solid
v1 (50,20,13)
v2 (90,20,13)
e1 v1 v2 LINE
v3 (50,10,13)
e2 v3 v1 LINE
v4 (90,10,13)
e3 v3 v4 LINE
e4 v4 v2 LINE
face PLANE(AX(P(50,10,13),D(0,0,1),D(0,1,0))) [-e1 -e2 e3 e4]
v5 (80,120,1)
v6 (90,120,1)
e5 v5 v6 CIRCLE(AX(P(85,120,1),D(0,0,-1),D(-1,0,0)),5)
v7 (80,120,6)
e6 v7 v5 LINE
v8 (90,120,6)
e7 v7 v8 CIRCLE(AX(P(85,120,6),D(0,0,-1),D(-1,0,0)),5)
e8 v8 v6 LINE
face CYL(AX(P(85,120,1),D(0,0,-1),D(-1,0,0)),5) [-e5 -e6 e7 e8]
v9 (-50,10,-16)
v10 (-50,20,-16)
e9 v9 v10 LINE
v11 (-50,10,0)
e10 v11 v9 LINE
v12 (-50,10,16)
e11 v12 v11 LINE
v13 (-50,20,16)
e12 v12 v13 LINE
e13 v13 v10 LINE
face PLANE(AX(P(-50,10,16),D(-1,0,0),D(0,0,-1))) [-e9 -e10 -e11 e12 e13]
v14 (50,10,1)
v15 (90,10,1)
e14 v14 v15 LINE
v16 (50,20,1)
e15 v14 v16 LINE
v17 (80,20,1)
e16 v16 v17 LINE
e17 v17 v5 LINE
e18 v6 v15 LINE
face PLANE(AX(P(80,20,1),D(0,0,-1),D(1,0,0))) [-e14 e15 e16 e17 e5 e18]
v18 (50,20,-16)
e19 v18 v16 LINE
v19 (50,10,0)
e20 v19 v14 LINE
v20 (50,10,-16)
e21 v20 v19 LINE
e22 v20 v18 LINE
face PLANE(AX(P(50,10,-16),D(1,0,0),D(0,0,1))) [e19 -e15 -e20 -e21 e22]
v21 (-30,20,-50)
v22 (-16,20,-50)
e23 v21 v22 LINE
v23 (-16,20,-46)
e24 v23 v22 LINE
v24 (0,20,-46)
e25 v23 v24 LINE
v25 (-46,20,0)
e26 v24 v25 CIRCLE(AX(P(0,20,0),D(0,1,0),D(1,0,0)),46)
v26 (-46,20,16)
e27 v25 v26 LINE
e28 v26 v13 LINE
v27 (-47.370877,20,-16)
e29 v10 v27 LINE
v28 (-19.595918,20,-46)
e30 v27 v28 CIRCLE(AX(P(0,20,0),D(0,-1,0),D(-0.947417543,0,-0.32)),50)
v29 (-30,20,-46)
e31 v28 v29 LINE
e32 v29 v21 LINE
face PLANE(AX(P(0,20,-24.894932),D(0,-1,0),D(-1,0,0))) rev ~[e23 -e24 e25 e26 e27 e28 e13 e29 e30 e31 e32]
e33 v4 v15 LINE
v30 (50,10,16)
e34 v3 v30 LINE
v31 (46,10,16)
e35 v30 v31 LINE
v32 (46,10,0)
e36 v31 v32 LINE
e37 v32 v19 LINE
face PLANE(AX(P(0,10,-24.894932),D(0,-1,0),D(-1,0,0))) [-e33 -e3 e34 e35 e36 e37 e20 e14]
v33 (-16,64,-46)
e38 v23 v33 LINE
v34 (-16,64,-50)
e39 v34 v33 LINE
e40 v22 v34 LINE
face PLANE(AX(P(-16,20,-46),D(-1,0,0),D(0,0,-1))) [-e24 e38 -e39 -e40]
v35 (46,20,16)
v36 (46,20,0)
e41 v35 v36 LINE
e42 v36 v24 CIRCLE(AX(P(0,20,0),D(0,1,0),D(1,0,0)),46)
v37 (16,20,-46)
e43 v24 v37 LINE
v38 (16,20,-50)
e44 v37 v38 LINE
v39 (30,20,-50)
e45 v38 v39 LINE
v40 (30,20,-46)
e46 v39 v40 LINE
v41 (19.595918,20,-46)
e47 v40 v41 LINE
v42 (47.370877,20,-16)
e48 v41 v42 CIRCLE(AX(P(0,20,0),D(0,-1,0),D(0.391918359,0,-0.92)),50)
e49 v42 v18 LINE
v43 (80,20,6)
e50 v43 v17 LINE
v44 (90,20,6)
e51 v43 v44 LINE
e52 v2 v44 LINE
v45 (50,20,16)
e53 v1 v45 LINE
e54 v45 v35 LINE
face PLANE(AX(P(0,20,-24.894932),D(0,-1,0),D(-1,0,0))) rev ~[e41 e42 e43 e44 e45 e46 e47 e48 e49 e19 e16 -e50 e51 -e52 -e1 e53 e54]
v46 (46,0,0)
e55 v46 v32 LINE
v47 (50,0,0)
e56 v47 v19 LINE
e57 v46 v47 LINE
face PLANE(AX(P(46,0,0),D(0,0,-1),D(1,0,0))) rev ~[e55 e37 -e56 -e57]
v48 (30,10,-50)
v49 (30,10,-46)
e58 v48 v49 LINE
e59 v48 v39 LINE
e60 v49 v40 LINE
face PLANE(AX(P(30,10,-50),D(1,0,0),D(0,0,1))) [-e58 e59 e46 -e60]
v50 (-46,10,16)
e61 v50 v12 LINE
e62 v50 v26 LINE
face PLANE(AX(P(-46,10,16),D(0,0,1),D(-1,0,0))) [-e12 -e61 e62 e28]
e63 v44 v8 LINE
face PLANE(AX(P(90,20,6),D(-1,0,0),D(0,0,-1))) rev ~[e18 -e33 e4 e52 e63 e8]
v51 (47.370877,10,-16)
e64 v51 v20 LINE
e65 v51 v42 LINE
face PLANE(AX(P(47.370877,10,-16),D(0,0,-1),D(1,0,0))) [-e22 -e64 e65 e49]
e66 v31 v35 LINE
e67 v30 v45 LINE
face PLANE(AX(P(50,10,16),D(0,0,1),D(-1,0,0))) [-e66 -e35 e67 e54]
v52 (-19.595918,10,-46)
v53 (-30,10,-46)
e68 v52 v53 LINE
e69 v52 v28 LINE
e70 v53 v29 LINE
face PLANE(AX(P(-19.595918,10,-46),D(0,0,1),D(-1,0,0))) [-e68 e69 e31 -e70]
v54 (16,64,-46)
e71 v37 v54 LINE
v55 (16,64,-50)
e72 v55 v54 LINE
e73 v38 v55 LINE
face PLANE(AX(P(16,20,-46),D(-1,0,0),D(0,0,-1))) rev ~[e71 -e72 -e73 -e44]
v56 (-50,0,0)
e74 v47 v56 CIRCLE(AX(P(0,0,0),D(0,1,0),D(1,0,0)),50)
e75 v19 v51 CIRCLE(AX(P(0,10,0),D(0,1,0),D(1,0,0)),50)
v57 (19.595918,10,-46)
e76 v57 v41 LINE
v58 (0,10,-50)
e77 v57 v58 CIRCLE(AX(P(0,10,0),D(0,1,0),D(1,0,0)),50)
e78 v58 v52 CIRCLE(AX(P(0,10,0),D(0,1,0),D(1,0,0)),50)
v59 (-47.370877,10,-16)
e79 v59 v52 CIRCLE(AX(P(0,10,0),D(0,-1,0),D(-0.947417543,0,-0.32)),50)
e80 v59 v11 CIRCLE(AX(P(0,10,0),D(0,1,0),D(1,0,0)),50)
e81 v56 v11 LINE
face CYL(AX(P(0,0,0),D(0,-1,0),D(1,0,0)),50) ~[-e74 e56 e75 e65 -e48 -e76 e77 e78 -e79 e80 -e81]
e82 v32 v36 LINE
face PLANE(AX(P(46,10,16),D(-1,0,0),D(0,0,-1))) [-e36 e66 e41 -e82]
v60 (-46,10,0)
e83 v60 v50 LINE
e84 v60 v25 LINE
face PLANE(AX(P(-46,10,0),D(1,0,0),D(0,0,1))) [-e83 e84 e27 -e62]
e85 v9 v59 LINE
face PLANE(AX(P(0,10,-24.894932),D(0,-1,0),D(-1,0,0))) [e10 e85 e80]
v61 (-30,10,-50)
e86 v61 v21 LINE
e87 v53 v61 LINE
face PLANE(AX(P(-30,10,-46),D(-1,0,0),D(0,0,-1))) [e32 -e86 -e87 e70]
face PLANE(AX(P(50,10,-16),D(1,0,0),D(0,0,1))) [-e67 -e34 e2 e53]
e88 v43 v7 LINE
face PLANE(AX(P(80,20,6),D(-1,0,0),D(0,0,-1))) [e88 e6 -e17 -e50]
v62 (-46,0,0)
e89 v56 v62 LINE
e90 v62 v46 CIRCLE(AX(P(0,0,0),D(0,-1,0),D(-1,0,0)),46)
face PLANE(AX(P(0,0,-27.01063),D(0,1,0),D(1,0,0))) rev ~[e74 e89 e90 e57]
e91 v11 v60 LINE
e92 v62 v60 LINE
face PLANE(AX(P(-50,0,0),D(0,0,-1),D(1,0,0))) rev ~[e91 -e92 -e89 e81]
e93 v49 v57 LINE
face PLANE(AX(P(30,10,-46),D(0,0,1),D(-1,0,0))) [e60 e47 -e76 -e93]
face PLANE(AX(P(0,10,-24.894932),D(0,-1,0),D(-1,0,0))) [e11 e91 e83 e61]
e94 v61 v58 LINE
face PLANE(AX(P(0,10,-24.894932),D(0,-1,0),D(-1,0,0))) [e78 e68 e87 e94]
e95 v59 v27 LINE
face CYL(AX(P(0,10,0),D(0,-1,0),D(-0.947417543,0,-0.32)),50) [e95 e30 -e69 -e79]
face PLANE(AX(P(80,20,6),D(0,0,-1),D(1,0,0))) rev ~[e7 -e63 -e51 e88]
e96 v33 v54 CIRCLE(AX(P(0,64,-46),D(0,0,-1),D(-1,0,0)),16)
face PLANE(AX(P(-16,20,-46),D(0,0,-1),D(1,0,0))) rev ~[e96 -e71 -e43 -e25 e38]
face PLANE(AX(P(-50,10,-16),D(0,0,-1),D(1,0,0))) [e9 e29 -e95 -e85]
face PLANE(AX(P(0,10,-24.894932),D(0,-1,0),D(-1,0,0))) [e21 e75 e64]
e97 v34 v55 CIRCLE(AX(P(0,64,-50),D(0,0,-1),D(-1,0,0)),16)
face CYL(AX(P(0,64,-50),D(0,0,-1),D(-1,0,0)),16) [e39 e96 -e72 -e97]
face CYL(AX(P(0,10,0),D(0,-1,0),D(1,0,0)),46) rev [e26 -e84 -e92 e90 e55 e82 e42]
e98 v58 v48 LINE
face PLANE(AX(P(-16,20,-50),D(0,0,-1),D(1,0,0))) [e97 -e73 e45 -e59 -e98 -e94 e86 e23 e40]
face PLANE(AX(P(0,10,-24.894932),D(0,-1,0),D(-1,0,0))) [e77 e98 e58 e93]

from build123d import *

# Parameters (mm, degrees)
EXTRUDE_1_DEPTH     = 10
EXTRUDE_2_DEPTH     = 10
SKETCH_4_W          = 32
SKETCH_4_H          = 4
EXTRUDE_3_DEPTH     = 60
CUT_EXTRUDE_1_DEPTH = 30
SKETCH_6_W          = 12
SKETCH_6_H          = 10
EXTRUDE_4_DEPTH     = 40
SKETCH_7_W          = 10
SKETCH_7_H          = 5
EXTRUDE_5_DEPTH     = 100
SKETCH_8_R          = 5
EXTRUDE_6_DEPTH     = 5


with BuildPart() as part:
    # 草图1 → 凸台-拉伸1 (new body)
    with BuildSketch(Plane(origin=(0, 0, 0), x_dir=(1, 0, 0), z_dir=(0, 1, 0))):
        with BuildLine():
            Line((-50, 0), (-46, 0))
            ThreePointArc((-46, 0), (0, 46), (46, 0))
            Line((46, 0), (50, 0))
            ThreePointArc((50, 0), (0, 50), (-50, 0))
        make_face()
    extrude(amount=EXTRUDE_1_DEPTH)

    # 草图3 → 凸台-拉伸2 (add)
    with BuildSketch(Plane(origin=(0, 10, 0), x_dir=(1, 0, 0), z_dir=(0, 1, 0))):
        with BuildLine():
            Line((-50, 16), (-47.370877129, 16))
            ThreePointArc((-47.370877129, 16), (-36.689752119, 33.968545589), (-19.595917942, 46))
            Line((-19.595917942, 46), (-30, 46))
            Line((-30, 46), (-30, 50))
            Line((-30, 50), (30, 50))
            Line((30, 50), (30, 46))
            Line((30, 46), (19.595917942, 46))
            ThreePointArc((19.595917942, 46), (36.689752119, 33.968545589), (47.370877129, 16))
            Line((47.370877129, 16), (50, 16))
            Line((50, 16), (50, -16))
            Line((50, -16), (46, -16))
            Line((46, -16), (46, 0))
            ThreePointArc((46, 0), (0, 46), (-46, 0))
            Line((-46, 0), (-46, -16))
            Line((-46, -16), (-50, -16))
            Line((-50, -16), (-50, 16))
        make_face()
    extrude(amount=EXTRUDE_2_DEPTH)

    # 草图4 → 凸台-拉伸3 (add)
    with BuildSketch(Plane(origin=(0, 20, 0), x_dir=(1, 0, 0), z_dir=(0, 1, 0))):
        with Locations((0, 48)):
            Rectangle(SKETCH_4_W, SKETCH_4_H)
    extrude(amount=EXTRUDE_3_DEPTH)

    # 草图5 → 切除-拉伸1 (cut)
    with BuildSketch(Plane(origin=(0, 0, -50), x_dir=(-1, 0, 0), z_dir=(0, 0, -1))):
        with BuildLine():
            Line((-16, 64), (-16, 97.905328476))
            Line((-16, 97.905328476), (16, 97.905328476))
            Line((16, 97.905328476), (16, 64))
            ThreePointArc((16, 64), (0, 80), (-16, 64))
        make_face()
    extrude(amount=-CUT_EXTRUDE_1_DEPTH, mode=Mode.SUBTRACT)

    # 草图6 → 凸台-拉伸4 (add)
    with BuildSketch(Plane(origin=(50, 0, 0), x_dir=(0, 0, -1), z_dir=(1, 0, 0))):
        with Locations((-7, 15)):
            Rectangle(SKETCH_6_W, SKETCH_6_H)
    extrude(amount=EXTRUDE_4_DEPTH)

    # 草图7 → 凸台-拉伸5 (add)
    with BuildSketch(Plane(origin=(0, 20, 0), x_dir=(1, 0, 0), z_dir=(0, 1, 0))):
        with Locations((85, -3.5)):
            Rectangle(SKETCH_7_W, SKETCH_7_H)
    extrude(amount=EXTRUDE_5_DEPTH)

    # 草图8 → 凸台-拉伸6 (add)
    with BuildSketch(Plane(origin=(0, 0, 1), x_dir=(-1, 0, 0), z_dir=(0, 0, -1))):
        with Locations((-85, 120)):
            Circle(SKETCH_8_R)
    extrude(amount=-EXTRUDE_6_DEPTH)


solid = part.part
